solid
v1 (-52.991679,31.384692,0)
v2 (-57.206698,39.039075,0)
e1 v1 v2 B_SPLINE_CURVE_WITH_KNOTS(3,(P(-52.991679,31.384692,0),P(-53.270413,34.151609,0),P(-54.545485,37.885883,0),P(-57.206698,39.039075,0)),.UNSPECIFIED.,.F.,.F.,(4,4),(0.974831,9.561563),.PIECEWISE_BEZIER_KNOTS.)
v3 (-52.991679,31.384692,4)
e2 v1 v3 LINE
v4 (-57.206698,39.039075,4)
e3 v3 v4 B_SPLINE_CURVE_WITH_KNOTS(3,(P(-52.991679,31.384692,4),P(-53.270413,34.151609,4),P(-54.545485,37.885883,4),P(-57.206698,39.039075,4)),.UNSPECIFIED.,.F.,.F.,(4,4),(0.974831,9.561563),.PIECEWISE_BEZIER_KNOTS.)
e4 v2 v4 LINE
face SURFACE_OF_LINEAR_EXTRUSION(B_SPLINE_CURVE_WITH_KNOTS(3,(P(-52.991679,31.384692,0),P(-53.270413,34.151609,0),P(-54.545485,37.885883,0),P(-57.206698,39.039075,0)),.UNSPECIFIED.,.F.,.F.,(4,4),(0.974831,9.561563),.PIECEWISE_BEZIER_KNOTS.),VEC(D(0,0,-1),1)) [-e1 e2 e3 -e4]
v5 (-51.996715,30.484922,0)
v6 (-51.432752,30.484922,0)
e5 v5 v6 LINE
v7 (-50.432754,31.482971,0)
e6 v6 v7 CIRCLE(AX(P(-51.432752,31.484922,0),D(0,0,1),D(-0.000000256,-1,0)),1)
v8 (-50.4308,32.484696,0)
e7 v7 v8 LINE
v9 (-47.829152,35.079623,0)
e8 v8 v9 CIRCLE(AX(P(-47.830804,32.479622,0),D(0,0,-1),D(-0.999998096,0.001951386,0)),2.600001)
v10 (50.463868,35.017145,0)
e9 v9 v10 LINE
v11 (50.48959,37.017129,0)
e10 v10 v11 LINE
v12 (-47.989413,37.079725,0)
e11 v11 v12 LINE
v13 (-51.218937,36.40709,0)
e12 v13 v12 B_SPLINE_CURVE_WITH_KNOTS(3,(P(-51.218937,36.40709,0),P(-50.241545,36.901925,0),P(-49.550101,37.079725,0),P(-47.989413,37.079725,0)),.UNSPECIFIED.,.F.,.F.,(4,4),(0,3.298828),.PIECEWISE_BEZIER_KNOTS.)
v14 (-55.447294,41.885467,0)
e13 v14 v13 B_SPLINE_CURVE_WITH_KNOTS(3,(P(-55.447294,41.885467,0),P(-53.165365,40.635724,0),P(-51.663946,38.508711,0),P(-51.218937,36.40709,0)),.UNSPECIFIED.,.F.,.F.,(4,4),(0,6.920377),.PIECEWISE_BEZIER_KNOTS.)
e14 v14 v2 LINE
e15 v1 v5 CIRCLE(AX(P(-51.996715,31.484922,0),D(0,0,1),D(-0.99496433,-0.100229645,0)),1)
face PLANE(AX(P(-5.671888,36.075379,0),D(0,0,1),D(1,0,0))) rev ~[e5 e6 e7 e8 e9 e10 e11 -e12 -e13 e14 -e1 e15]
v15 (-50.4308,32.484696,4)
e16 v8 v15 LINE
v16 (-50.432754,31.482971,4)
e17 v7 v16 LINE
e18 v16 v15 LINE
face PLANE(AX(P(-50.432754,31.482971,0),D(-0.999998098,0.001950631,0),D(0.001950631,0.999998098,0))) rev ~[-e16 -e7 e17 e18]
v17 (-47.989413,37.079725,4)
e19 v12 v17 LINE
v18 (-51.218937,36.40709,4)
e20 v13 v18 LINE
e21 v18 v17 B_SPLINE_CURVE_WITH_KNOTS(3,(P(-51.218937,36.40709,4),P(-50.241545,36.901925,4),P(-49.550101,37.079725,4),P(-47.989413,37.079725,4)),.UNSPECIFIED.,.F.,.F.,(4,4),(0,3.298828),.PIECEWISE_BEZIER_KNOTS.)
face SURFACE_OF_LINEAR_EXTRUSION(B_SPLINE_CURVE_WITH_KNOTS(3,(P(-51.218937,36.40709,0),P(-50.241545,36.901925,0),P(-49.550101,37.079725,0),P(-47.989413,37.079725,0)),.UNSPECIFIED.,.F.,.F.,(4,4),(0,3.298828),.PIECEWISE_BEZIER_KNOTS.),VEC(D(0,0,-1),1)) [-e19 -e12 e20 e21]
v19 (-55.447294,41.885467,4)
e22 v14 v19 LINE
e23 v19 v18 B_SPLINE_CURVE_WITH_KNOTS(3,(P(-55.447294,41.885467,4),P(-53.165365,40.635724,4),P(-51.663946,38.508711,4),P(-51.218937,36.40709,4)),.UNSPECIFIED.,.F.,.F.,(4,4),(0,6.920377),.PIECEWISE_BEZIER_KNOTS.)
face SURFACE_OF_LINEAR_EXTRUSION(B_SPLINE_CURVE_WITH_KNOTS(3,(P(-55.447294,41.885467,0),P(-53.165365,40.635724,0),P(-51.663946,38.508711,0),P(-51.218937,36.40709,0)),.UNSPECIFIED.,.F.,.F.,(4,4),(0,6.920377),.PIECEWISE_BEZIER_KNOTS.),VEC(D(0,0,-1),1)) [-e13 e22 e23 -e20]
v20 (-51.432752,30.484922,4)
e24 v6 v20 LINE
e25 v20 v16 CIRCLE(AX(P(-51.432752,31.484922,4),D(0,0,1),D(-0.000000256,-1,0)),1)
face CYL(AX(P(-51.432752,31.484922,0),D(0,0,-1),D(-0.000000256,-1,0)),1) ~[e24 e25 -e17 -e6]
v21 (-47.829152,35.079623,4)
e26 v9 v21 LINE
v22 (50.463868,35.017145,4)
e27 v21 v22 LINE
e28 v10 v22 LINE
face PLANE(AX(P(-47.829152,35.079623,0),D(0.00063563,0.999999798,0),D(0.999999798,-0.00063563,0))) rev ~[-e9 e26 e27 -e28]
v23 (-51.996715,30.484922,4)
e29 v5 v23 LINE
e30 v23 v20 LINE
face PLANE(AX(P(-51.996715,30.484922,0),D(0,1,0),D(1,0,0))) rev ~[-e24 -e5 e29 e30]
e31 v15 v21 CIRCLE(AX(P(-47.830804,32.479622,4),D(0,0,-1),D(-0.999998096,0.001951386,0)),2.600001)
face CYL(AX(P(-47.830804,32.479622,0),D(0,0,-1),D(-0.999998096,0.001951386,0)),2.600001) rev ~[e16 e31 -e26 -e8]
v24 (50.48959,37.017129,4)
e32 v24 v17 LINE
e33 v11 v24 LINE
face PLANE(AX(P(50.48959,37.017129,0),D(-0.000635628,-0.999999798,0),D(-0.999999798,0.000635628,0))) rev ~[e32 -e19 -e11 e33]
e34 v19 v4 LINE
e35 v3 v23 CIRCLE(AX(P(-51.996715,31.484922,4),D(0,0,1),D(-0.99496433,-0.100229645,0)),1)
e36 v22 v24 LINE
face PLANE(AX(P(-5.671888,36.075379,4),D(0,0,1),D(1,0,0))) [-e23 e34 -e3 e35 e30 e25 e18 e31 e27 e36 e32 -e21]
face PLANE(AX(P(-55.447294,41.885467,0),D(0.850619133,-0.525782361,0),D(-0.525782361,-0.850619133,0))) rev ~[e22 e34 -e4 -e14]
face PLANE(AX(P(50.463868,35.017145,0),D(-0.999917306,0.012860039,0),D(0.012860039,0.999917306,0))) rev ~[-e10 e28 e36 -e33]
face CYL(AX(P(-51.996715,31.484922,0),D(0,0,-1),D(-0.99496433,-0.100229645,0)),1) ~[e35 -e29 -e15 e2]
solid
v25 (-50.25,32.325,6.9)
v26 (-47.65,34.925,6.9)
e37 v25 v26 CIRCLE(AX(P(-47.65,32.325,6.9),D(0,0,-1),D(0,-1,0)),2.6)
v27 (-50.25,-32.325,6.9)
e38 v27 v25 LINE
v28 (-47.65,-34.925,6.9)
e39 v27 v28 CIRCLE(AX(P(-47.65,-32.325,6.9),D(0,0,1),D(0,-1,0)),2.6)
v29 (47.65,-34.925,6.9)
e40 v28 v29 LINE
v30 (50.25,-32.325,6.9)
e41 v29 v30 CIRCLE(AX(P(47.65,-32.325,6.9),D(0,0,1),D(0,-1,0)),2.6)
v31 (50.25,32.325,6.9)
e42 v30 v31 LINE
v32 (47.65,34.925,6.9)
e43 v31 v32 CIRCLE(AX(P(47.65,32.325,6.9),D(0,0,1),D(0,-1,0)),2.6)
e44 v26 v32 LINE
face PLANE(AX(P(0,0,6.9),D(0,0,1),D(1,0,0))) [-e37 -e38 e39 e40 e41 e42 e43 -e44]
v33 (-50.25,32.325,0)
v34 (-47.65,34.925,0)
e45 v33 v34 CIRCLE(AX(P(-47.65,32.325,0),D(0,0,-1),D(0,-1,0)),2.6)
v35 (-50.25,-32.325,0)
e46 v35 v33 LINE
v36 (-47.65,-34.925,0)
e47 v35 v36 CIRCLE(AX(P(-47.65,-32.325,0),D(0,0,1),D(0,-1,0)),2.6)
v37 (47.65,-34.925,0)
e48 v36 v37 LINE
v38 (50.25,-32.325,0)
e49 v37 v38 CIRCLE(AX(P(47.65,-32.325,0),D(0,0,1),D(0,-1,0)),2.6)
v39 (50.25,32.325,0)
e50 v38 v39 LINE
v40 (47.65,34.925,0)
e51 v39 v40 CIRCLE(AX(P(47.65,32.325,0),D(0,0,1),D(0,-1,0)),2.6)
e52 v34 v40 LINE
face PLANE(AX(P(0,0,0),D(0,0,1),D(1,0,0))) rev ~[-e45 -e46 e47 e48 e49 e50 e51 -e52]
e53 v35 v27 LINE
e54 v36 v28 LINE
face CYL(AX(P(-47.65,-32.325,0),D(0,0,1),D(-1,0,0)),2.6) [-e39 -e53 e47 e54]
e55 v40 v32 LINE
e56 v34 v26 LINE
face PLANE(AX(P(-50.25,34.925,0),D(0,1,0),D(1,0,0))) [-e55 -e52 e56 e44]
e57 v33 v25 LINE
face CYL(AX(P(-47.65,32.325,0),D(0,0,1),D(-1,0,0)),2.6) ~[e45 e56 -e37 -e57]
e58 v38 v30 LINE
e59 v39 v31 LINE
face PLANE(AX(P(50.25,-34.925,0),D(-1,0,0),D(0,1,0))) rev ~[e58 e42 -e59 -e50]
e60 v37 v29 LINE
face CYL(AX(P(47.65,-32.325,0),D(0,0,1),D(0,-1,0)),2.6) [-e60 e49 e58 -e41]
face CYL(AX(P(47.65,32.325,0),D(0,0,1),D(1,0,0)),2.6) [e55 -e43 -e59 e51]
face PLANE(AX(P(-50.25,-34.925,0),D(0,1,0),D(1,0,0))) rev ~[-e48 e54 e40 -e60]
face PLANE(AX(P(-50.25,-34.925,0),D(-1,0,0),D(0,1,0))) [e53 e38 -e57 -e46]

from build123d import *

# Parameters (mm, degrees)
F0_W     = 100.5
F0_H     = 69.85
F1_DEPTH = 6.9
F2_R     = 2.6
F4_DEPTH = 4


with BuildPart() as f1:
    # F0 (on Top) → F1 (new body)
    with BuildSketch(Plane.XY):
        Rectangle(F0_W, F0_H)
    extrude(amount=F1_DEPTH)

    # F2
    f2_edges = [f1.edges().sort_by_distance(p)[0] for p in [
        (50.25, 34.925, 3.45),
        (-50.25, 34.925, 3.45),
        (50.25, -34.925, 3.45),
        (-50.25, -34.925, 3.45),
    ]]
    fillet(f2_edges, radius=F2_R)


with BuildPart() as f4:
    # F3 (on Top) → F4 (new body)
    with BuildSketch(Plane.XY):
        with BuildLine():
            Line((-51.996715, 30.484922), (-51.432752, 30.484922))
            ThreePointArc((-51.432752, 30.484922), (-50.726335, 30.777126), (-50.432754, 31.482971))
            Line((-50.432754, 31.482971), (-50.4308, 32.484696))
            ThreePointArc((-50.4308, 32.484696), (-49.666903, 34.320477), (-47.829152, 35.079623))
            Line((-47.829152, 35.079623), (50.463868, 35.017145))
            Line((50.463868, 35.017145), (50.48959, 37.017129))
            Line((50.48959, 37.017129), (-47.989413, 37.079725))
            add(Edge.make_bspline(
                [(-51.218937, 36.40709), (-50.241545, 36.901925), (-49.550101, 37.079725), (-47.989413, 37.079725)],
                knots=[0, 0, 0, 0, 3.298828, 3.298828, 3.298828, 3.298828], degree=3))
            add(Edge.make_bspline(
                [(-55.447294, 41.885467), (-53.165365, 40.635724), (-51.663946, 38.508711), (-51.218937, 36.40709)],
                knots=[0, 0, 0, 0, 6.920377, 6.920377, 6.920377, 6.920377], degree=3))
            Line((-55.447294, 41.885467), (-57.206698, 39.039075))
            add(Edge.make_bspline(
                [(-52.991679, 31.384692), (-53.270413, 34.151609), (-54.545485, 37.885883), (-57.206698, 39.039075)],
                knots=[0.974831, 0.974831, 0.974831, 0.974831, 9.561563, 9.561563, 9.561563, 9.561563], degree=3))
            ThreePointArc((-52.991679, 31.384692), (-52.66745, 30.743225), (-51.996715, 30.484922))
        make_face()
    extrude(amount=F4_DEPTH)


solid = Compound([f1.part, f4.part])
